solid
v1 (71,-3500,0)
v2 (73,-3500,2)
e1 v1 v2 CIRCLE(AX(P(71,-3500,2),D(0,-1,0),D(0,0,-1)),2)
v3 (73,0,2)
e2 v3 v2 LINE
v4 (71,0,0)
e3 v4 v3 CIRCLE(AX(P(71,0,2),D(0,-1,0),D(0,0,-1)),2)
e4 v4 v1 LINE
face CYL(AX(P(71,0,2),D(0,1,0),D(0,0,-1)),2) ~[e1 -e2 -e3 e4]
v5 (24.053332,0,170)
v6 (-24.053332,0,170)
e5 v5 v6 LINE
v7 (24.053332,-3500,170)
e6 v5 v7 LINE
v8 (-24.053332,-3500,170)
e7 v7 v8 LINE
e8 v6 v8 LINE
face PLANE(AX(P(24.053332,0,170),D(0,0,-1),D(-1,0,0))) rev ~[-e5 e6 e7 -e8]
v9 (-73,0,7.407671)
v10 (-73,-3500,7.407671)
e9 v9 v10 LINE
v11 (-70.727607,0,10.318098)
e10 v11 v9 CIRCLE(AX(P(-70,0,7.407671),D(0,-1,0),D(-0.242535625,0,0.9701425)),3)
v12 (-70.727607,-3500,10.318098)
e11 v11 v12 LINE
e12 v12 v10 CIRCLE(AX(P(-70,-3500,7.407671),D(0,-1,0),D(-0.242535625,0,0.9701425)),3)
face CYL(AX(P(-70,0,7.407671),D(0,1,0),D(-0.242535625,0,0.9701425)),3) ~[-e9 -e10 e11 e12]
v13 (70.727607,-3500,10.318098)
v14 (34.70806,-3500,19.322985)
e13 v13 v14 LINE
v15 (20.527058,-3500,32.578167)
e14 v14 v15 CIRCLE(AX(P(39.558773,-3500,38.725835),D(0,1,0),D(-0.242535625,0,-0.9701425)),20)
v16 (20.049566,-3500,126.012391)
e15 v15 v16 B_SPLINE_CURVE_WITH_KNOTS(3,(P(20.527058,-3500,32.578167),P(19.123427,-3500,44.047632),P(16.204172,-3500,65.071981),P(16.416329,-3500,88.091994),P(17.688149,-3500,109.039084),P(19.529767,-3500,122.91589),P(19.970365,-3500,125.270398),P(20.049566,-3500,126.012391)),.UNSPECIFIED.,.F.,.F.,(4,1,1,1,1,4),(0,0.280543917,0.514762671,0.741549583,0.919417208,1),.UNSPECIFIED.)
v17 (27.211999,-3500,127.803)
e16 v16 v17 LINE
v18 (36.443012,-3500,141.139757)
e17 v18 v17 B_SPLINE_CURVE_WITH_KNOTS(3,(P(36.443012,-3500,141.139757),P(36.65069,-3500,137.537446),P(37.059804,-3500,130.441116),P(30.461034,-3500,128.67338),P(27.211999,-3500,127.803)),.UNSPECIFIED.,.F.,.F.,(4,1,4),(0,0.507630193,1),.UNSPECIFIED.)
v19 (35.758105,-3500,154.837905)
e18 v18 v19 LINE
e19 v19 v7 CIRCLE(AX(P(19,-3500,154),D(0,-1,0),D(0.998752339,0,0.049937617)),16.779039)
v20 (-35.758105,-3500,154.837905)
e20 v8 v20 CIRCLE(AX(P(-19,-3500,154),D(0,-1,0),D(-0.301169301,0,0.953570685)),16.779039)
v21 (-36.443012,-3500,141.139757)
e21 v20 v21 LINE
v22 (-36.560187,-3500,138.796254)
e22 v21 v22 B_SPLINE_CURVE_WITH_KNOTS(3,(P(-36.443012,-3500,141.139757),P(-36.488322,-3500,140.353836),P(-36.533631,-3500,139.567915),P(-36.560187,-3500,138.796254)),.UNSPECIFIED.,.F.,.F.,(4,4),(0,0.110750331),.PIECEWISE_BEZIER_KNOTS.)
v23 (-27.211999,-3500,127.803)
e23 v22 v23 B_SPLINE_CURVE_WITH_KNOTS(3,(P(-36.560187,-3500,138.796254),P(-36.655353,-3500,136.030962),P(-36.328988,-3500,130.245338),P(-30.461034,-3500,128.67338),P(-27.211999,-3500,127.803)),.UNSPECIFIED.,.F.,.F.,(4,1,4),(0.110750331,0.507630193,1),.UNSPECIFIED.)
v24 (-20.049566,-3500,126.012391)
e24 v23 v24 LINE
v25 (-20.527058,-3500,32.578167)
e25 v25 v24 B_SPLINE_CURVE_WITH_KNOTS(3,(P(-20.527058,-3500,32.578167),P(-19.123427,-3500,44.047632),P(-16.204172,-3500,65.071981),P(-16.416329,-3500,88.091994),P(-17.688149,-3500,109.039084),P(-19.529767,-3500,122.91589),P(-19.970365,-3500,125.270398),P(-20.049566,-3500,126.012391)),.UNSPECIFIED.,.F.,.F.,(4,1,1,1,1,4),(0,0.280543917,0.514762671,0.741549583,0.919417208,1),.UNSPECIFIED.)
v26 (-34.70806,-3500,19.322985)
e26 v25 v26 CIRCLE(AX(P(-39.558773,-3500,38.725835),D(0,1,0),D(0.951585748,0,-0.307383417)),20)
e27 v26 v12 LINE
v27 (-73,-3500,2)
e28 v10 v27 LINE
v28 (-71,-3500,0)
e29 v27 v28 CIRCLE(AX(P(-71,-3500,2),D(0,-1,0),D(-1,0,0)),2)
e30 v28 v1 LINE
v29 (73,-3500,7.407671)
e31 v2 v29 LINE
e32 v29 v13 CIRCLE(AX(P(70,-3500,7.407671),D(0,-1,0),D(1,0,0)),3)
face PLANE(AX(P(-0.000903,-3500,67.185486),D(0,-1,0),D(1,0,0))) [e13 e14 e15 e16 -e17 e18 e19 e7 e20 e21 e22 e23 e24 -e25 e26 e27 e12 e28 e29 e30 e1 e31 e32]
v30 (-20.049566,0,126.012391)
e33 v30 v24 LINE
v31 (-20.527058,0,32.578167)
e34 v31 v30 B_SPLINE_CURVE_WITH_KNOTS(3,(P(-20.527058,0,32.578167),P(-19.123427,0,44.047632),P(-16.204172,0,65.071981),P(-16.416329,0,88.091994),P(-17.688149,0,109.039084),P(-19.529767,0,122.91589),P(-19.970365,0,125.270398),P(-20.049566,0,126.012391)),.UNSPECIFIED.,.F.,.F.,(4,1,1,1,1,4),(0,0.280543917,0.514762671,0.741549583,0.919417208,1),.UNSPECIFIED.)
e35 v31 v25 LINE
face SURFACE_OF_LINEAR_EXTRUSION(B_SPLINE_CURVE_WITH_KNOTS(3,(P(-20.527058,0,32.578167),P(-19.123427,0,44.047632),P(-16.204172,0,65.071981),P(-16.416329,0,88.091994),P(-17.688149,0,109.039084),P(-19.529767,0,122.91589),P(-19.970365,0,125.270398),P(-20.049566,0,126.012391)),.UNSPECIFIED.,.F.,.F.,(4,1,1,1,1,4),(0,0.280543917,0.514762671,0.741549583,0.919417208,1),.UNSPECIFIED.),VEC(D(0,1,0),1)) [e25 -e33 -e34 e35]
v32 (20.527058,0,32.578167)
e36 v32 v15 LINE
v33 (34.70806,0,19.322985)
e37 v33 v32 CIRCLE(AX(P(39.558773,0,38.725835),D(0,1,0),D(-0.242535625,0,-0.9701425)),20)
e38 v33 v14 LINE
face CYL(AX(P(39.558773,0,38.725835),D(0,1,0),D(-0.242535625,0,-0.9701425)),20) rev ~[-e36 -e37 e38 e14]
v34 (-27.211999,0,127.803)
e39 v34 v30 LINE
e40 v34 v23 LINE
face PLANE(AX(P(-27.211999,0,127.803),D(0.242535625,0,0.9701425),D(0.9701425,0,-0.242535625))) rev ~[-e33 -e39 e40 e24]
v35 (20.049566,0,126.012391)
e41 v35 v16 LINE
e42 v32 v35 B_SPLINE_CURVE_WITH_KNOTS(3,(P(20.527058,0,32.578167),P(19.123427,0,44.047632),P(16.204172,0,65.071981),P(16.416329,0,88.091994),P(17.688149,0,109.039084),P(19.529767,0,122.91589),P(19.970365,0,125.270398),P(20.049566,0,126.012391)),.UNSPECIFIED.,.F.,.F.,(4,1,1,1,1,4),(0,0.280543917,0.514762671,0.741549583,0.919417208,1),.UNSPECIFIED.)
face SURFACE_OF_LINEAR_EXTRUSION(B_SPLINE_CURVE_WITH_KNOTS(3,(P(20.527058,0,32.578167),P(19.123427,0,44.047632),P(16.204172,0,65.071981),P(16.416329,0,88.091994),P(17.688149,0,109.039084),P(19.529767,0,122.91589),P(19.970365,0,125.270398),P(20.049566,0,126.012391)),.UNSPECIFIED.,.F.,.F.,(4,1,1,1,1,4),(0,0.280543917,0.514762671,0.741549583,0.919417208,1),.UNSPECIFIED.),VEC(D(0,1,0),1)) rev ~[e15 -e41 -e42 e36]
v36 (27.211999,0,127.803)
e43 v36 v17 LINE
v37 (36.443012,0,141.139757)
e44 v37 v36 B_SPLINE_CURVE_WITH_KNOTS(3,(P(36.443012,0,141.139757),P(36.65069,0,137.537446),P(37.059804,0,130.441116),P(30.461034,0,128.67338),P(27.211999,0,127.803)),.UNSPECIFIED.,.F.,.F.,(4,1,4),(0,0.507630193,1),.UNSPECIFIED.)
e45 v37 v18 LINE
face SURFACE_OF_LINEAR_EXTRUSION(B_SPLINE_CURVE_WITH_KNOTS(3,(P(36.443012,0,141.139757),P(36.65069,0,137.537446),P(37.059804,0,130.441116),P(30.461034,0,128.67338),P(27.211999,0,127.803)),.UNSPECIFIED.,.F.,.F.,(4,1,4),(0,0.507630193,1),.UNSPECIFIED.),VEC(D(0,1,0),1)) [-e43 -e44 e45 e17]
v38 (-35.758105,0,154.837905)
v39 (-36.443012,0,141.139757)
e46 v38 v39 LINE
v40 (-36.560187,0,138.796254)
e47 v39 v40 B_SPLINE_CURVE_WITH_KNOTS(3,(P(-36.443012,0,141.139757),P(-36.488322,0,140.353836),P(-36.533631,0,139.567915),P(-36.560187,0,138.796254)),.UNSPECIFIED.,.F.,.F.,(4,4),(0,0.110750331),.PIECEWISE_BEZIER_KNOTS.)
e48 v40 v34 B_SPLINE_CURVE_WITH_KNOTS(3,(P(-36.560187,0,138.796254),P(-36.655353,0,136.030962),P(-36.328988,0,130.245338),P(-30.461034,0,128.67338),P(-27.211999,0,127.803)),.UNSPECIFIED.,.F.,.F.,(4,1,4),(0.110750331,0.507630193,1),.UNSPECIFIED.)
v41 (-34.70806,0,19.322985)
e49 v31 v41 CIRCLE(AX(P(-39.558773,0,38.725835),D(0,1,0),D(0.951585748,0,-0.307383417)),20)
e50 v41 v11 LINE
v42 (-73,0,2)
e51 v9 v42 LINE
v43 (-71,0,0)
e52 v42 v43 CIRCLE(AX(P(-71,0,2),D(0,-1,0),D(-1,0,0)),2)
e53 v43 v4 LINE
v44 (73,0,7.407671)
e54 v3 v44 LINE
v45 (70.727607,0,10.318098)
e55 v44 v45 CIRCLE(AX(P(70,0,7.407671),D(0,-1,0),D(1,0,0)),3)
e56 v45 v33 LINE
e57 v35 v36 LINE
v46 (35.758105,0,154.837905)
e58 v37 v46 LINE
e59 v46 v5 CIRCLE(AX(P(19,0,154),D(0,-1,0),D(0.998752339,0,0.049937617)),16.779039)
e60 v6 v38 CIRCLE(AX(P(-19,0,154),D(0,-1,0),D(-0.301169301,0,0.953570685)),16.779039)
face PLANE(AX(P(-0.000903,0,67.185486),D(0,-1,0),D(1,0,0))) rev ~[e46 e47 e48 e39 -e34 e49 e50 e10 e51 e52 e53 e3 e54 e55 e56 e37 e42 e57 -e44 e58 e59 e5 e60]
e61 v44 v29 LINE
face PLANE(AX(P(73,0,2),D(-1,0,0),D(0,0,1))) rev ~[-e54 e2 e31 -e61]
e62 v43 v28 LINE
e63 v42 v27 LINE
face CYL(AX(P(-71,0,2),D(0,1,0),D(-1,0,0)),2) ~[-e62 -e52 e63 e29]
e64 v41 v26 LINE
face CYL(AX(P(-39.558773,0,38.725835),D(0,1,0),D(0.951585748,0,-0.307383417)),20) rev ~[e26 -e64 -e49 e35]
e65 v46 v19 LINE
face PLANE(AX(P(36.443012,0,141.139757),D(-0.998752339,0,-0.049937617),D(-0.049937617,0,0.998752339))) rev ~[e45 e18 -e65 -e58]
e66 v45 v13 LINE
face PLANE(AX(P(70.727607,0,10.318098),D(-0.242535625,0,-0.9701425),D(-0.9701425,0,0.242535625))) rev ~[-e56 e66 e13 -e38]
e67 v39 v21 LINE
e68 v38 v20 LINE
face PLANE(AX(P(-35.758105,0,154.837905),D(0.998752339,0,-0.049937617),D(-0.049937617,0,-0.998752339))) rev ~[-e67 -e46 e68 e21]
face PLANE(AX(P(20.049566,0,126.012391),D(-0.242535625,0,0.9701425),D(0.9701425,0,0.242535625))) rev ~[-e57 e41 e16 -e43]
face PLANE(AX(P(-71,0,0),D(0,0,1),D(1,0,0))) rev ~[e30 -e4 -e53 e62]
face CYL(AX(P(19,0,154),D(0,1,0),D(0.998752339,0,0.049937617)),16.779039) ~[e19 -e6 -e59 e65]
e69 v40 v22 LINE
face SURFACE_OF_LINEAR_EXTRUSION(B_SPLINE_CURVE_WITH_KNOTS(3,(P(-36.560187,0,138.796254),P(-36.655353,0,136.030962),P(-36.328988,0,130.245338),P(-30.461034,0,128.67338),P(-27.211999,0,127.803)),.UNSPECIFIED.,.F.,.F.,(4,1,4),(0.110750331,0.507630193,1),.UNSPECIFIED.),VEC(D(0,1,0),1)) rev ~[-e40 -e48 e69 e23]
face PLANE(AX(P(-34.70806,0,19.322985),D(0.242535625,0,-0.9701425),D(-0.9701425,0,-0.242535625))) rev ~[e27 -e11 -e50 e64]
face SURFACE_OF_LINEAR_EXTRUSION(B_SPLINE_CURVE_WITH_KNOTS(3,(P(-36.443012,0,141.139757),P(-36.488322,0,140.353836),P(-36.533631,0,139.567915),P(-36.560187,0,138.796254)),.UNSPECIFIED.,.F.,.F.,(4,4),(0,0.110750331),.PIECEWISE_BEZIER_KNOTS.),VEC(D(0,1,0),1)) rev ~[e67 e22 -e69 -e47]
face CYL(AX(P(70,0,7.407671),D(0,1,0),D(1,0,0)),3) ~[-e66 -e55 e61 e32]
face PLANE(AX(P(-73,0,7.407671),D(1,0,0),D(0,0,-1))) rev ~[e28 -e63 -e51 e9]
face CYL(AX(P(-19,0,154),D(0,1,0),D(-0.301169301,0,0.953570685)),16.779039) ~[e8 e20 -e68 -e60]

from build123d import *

# Parameters (mm, degrees)
F1_DEPTH = 3500


with BuildPart() as f1:
    # F0 (on Front) → F1 (new body)
    with BuildSketch(Plane.XZ):
        with BuildLine():
            Line((-71, 0), (0, 0))
            Line((0, 0), (71, 0))
            ThreePointArc((71, 0), (72.4142135624, 0.5857864376), (73, 2))
            Line((73, 2), (73, 7.4076707781))
            ThreePointArc((73, 7.4076707781), (72.3646163141, 9.2539074062), (70.7276068752, 10.3180982785))
            Line((70.7276068752, 10.3180982785), (34.7080603465, 19.3229849121))
            ThreePointArc((34.7080603465, 19.3229849121), (25.9016301936, 24.1147961248), (20.5270578969, 32.5781665742))
            add(Edge.make_bspline(
                [(20.5270578969, 32.5781665742), (19.1234273691, 44.047632119), (16.204172, 65.0719813904), (16.4163288517, 88.0919940772), (17.6881490255, 109.03908444), (19.5297670113, 122.9158896084), (19.9703647657, 125.2703977423), (20.0495659832, 126.0123914966)],
                knots=[0, 0, 0, 0, 0.2805439173, 0.5147626715, 0.7415495831, 0.919417208, 1, 1, 1, 1], degree=3))
            Line((20.0495659832, 126.0123914966), (27.2119990374, 127.8029997604))
            add(Edge.make_bspline(
                [(36.4430121564, 141.1397568714), (36.6506904611, 137.5374455317), (37.0598038422, 130.4411155906), (30.4610340463, 128.6733795922), (27.2119990374, 127.8029997604)],
                knots=[0, 0, 0, 0, 0.5076301933, 1, 1, 1, 1], degree=3))
            Line((36.4430121564, 141.1397568714), (35.7581047381, 154.8379052369))
            ThreePointArc((35.7581047381, 154.8379052369), (32.2818284687, 164.2532527584), (24.0533315347, 170))
            Line((24.0533315347, 170), (0, 170))
            Line((0, 170), (-19, 170))
            Line((-19, 170), (-24.0533315347, 170))
            ThreePointArc((-24.0533315347, 170), (-32.2818284687, 164.2532527584), (-35.7581047381, 154.8379052369))
            Line((-35.7581047381, 154.8379052369), (-36.4430121564, 141.1397568714))
            Line((-36.4430121564, 141.1397568714), (-36.5601873215, 138.7962535697))
            add(Edge.make_bspline(
                [(-36.5601873215, 138.7962535697), (-36.655353203, 136.0309623446), (-36.3289879031, 130.2453382437), (-30.4610340463, 128.6733795922), (-27.2119990374, 127.8029997604)],
                knots=[0.110750331, 0.110750331, 0.110750331, 0.110750331, 0.5076301933, 1, 1, 1, 1], degree=3))
            Line((-27.2119990374, 127.8029997604), (-20.0495659832, 126.0123914966))
            add(Edge.make_bspline(
                [(-20.5270578969, 32.5781665742), (-19.1234273691, 44.047632119), (-16.204172, 65.0719813904), (-16.4163288517, 88.0919940772), (-17.6881490255, 109.03908444), (-19.5297670113, 122.9158896084), (-19.9703647657, 125.2703977423), (-20.0495659832, 126.0123914966)],
                knots=[0, 0, 0, 0, 0.2805439173, 0.5147626715, 0.7415495831, 0.919417208, 1, 1, 1, 1], degree=3))
            ThreePointArc((-20.5270578969, 32.5781665742), (-25.9016301936, 24.1147961248), (-34.7080603465, 19.3229849121))
            Line((-34.7080603465, 19.3229849121), (-70.7276068752, 10.3180982785))
            ThreePointArc((-70.7276068752, 10.3180982785), (-72.3646163141, 9.2539074062), (-73, 7.4076707781))
            Line((-73, 7.4076707781), (-73, 2))
            ThreePointArc((-73, 2), (-72.4142135624, 0.5857864376), (-71, 0))
        make_face()
        with BuildLine():
            add(Edge.make_bspline(
                [(-36.4430121564, 141.1397568714), (-36.4883215988, 140.3538359815), (-36.5336310411, 139.5679150916), (-36.5601873215, 138.7962535697)],
                knots=[0, 0, 0, 0, 0.110750331, 0.110750331, 0.110750331, 0.110750331], degree=3))
            Line((-36.5601873215, 138.7962535697), (-36.4430121564, 141.1397568714))
        make_face()
    extrude(amount=F1_DEPTH)


solid = f1.part
